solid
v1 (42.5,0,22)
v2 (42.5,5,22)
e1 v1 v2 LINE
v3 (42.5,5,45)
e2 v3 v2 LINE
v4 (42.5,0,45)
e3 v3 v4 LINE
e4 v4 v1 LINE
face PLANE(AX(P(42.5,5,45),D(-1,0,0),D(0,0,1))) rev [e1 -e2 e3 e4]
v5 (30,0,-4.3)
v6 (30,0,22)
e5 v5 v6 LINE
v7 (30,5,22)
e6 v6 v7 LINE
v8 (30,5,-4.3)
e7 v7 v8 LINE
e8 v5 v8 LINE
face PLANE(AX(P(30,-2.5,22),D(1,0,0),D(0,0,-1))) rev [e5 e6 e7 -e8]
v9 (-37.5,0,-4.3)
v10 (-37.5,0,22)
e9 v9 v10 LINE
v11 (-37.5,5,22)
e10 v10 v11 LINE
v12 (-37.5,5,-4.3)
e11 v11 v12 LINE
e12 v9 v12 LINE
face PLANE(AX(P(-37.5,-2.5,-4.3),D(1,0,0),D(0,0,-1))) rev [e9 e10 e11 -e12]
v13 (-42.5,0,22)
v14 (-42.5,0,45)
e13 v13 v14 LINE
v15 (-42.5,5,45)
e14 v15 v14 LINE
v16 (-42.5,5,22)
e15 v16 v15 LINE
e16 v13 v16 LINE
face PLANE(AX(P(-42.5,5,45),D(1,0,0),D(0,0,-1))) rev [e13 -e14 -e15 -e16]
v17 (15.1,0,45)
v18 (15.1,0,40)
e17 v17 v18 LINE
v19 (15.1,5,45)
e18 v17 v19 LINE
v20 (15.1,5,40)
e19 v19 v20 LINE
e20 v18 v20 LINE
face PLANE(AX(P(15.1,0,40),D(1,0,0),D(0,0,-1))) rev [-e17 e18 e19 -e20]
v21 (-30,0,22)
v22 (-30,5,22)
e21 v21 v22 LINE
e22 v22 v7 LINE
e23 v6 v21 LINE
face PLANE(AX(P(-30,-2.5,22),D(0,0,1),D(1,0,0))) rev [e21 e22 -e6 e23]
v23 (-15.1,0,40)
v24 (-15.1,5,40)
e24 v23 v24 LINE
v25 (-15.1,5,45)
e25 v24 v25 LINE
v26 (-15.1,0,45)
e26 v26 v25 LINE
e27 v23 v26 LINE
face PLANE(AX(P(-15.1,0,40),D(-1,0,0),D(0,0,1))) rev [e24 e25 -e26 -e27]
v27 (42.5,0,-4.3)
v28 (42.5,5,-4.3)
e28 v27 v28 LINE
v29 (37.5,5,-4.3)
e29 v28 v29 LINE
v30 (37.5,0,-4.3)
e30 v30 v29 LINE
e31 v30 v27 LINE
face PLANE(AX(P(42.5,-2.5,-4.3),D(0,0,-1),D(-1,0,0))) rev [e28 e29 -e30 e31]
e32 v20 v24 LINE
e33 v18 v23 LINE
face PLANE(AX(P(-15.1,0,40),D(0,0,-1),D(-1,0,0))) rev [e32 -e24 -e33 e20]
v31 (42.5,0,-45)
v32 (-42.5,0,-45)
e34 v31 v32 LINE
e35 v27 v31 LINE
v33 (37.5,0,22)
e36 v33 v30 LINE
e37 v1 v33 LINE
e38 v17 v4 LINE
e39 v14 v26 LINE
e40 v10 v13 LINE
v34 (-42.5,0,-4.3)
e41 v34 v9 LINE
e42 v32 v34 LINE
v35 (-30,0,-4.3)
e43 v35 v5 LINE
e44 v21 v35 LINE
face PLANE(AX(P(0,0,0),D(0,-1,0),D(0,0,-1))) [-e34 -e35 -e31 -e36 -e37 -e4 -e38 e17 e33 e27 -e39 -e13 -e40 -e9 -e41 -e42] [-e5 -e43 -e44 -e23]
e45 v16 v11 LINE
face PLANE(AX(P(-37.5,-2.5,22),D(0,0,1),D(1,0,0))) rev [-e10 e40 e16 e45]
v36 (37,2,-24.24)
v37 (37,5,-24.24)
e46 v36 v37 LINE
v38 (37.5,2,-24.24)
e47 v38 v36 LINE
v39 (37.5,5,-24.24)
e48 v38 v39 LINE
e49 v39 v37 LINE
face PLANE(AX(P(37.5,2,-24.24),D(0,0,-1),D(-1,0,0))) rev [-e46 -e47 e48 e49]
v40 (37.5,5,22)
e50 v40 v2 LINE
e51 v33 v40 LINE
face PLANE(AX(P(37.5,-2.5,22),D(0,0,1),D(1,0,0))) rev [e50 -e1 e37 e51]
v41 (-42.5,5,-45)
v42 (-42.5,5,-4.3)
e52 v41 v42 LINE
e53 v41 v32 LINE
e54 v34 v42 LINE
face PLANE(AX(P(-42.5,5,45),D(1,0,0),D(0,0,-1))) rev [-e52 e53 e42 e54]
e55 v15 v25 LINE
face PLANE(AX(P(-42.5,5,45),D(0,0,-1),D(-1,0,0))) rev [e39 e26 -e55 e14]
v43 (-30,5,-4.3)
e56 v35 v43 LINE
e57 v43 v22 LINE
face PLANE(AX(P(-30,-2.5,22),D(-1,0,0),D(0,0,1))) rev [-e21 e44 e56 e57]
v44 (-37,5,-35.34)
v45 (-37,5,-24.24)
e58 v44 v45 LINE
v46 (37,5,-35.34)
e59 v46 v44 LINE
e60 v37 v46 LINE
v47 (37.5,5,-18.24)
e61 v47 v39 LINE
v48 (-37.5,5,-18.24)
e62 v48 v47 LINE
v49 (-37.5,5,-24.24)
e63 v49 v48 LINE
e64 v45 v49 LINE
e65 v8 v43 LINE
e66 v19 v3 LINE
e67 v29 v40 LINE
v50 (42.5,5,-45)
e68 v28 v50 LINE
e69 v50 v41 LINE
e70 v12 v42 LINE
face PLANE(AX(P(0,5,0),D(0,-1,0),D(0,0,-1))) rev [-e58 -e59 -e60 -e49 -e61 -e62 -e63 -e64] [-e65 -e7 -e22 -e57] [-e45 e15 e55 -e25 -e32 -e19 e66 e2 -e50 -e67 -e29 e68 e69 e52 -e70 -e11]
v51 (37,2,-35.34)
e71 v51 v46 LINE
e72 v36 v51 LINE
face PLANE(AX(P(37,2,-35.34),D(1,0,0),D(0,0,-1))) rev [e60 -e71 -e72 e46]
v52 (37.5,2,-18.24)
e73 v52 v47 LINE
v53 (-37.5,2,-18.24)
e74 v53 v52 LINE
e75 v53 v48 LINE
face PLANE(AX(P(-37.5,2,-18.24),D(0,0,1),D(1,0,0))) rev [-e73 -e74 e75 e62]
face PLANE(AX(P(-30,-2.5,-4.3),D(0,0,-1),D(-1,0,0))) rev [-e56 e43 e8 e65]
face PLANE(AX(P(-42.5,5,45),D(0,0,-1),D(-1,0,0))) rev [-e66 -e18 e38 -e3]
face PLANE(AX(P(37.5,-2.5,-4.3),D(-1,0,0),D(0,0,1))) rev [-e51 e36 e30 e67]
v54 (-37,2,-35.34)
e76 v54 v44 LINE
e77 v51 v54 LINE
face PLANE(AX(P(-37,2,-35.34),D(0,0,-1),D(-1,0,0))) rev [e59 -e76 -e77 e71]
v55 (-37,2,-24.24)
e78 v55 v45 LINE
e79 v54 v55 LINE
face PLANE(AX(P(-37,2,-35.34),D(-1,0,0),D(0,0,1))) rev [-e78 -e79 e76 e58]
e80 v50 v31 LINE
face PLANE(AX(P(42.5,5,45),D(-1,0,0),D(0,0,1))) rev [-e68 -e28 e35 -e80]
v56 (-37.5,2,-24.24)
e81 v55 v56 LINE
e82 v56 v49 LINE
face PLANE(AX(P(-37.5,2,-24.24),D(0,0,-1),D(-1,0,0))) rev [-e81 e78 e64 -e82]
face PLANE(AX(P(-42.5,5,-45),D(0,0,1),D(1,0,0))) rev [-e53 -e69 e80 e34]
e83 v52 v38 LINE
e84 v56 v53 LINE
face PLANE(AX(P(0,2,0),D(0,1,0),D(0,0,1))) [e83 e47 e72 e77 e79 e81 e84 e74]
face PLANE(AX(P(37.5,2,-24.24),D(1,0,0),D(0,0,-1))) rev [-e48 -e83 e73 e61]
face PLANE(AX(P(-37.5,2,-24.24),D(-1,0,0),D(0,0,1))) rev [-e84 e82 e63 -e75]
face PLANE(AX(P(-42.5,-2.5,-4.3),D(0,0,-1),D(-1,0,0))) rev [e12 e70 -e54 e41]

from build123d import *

# Parameters (mm, degrees)
SKETCH1_W           = 85
SKETCH1_H           = 90
BOSS_EXTRUDE1_DEPTH = 5
SKETCH2_W           = 60
SKETCH2_H           = 26.3
CUT_EXTRUDE2_DEPTH  = 7.5
SKETCH4_W           = 5
SKETCH4_H           = 26.3
CUT_EXTRUDE3_DEPTH  = 7.5
SKETCH5_W           = 30.2
SKETCH5_H           = 5
CUT_EXTRUDE4_DEPTH  = 5
CUT_EXTRUDE5_DEPTH  = 3


with BuildPart() as part:
    # Sketch1 → Boss-Extrude1 (new body)
    with BuildSketch(Plane(origin=(0, 0, 0), x_dir=(1, 0, 0), z_dir=(0, 1, 0))):
        Rectangle(SKETCH1_W, SKETCH1_H)
    extrude(amount=BOSS_EXTRUDE1_DEPTH)

    # Sketch2 → Cut-Extrude2 (cut)
    with BuildSketch(Plane(origin=(0, 5, 0), x_dir=(1, 0, 0), z_dir=(0, 1, 0))):
        with Locations((0, -8.85)):
            Rectangle(SKETCH2_W, SKETCH2_H)
    extrude(amount=-CUT_EXTRUDE2_DEPTH, mode=Mode.SUBTRACT)

    # Sketch4 → Cut-Extrude3 (cut)
    with BuildSketch(Plane(origin=(0, 5, 0), x_dir=(1, 0, 0), z_dir=(0, 1, 0))):
        with Locations((-40, -8.85)):
            Rectangle(SKETCH4_W, SKETCH4_H)
        with Locations((40, -8.85)):
            Rectangle(SKETCH4_W, SKETCH4_H)
    extrude(amount=-CUT_EXTRUDE3_DEPTH, mode=Mode.SUBTRACT)

    # Sketch5 → Cut-Extrude4 (cut)
    with BuildSketch(Plane(origin=(0, 5, 0), x_dir=(1, 0, 0), z_dir=(0, 1, 0))):
        with Locations((0, -42.5)):
            Rectangle(SKETCH5_W, SKETCH5_H)
    extrude(amount=-CUT_EXTRUDE4_DEPTH, mode=Mode.SUBTRACT)

    # Sketch6 → Cut-Extrude5 (cut)
    with BuildSketch(Plane(origin=(0, 5, 0), x_dir=(1, 0, 0), z_dir=(0, 1, 0))):
        Polygon((-37, 35.34), (37, 35.34), (37, 24.24), (37.5, 24.24), (37.5, 18.24), (-37.5, 18.24), (-37.5, 24.24), (-37, 24.24), align=None)
    extrude(amount=-CUT_EXTRUDE5_DEPTH, mode=Mode.SUBTRACT)


solid = part.part
